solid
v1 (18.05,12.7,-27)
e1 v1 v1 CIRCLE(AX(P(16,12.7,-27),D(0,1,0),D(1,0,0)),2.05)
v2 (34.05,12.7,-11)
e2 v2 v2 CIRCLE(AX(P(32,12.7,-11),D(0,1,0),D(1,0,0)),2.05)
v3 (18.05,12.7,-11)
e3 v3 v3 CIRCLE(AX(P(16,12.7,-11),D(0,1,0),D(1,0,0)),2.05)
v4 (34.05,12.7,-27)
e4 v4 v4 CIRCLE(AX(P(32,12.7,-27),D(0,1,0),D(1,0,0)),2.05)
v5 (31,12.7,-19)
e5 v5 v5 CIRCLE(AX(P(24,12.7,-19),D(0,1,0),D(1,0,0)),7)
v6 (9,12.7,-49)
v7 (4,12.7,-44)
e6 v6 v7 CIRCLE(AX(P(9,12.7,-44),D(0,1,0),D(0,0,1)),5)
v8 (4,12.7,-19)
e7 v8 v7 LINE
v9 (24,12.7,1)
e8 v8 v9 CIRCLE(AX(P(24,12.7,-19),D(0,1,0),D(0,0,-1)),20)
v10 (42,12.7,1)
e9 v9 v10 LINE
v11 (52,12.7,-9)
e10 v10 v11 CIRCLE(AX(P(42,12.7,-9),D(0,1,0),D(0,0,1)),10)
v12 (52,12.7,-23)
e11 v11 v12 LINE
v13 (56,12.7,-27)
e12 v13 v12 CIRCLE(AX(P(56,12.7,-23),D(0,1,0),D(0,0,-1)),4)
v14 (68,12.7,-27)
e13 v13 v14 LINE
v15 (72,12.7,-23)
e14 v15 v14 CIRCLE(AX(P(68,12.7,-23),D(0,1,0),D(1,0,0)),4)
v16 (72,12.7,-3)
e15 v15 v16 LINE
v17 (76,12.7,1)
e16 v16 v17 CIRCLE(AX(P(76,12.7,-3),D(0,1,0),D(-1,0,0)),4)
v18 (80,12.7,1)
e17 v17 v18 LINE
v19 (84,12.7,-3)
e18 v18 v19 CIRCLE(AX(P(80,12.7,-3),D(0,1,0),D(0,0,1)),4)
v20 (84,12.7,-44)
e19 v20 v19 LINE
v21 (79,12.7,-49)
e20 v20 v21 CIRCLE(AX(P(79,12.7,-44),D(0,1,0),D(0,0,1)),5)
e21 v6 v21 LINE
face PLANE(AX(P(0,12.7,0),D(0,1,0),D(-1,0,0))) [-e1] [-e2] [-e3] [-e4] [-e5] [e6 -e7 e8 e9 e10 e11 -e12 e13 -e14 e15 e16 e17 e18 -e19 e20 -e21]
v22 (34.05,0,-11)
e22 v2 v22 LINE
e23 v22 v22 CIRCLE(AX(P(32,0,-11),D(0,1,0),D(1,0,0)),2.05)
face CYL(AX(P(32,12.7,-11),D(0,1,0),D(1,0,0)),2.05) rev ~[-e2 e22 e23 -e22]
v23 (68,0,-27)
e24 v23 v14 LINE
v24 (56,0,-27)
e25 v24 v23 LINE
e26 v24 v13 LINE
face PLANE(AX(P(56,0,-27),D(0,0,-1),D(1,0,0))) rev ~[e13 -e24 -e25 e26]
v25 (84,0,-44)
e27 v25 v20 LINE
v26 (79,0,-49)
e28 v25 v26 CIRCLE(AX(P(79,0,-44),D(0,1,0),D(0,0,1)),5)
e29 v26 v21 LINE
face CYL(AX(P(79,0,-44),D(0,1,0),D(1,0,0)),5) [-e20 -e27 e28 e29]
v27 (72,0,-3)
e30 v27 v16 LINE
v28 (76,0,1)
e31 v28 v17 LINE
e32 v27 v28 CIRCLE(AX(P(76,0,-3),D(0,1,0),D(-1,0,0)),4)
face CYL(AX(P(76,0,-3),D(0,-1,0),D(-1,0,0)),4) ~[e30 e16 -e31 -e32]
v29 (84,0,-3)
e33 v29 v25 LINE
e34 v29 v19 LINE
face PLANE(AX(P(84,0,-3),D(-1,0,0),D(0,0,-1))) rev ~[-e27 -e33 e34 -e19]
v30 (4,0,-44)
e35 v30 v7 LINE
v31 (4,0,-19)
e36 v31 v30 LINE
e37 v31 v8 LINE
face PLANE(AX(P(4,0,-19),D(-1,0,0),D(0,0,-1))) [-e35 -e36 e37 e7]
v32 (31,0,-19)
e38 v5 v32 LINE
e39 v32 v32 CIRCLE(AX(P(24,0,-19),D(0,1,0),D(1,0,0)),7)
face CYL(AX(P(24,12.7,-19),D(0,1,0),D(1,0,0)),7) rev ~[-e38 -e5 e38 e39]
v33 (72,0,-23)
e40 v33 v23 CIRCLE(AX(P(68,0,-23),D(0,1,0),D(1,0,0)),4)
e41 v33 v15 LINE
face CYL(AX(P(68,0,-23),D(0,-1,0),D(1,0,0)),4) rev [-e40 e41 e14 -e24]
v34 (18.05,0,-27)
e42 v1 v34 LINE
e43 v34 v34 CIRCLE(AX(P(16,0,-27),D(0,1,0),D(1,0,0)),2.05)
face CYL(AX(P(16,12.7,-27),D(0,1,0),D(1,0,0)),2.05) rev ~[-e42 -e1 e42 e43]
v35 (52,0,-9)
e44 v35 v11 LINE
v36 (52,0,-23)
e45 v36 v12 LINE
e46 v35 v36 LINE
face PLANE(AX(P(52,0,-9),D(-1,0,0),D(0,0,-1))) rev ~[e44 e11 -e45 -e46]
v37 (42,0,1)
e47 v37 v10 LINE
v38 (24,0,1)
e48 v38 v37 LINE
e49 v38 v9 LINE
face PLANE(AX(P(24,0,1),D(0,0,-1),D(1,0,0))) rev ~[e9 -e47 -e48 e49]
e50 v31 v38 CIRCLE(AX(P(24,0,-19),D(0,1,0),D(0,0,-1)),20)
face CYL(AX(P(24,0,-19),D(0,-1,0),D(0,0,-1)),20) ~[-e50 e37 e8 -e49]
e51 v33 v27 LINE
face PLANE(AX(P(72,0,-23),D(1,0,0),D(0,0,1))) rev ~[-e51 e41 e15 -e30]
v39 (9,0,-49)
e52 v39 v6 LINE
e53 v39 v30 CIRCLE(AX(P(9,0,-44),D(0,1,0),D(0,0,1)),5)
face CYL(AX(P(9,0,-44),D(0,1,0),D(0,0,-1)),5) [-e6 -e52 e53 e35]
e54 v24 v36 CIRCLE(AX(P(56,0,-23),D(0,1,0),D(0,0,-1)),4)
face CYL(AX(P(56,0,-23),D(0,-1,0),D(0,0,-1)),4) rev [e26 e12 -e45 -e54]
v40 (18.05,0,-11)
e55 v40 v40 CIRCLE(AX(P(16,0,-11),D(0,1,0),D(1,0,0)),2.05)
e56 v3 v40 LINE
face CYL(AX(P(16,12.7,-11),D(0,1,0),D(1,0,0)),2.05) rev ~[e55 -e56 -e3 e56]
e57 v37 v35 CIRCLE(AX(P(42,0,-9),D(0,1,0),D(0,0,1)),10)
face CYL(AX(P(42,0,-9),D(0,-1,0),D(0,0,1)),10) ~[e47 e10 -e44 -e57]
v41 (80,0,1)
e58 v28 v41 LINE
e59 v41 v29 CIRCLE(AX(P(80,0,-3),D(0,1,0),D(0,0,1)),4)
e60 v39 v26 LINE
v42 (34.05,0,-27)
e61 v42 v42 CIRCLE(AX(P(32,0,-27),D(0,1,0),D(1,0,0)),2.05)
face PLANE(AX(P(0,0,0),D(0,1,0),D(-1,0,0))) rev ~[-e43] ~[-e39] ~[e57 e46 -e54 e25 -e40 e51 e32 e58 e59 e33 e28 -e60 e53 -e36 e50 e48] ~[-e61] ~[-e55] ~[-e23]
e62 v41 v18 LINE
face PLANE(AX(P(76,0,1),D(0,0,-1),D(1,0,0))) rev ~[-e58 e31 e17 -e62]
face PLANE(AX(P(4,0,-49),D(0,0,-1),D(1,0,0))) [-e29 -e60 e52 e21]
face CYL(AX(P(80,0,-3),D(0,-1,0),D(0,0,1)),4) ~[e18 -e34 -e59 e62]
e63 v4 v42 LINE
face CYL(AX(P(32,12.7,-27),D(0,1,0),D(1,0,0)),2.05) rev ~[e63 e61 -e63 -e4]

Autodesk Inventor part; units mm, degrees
ref_plane "YZ Plane" through (0, 0, 0) normal (1, 0, 0) x (0, 1, 0)
ref_plane "XZ Plane" through (0, 0, 0) normal (0, 1, 0) x (-1, 0, 0)
ref_plane "XY Plane" through (0, 0, 0) normal (0, 0, 1) x (1, 0, 0)
sketch "Sketch1" plane through (0, 0, 0) normal (0, 1, 0) x (-1, 0, 0)
  line L0 (-84, -3) -> (-84, -35)
  line L1 (-80, -39) -> (-24, -39)
  line L2 (-52, -9) -> (-52, -23)
  line L3 (-56, -27) -> (-68, -27)
  line L4 (-72, -23) -> (-72, -3)
  line L5 (-24, 1) -> (-42, 1)
  line L6 (-76, 1) -> (-80, 1)
  arc A0 (-80, 1) -> (-84, -3) centre (-80, -3) ccw
  arc A1 (-72, -3) -> (-76, 1) centre (-76, -3) ccw
  arc A2 (-84, -35) -> (-80, -39) centre (-80, -35) ccw
  arc A3 (-72, -23) -> (-68, -27) centre (-68, -23) ccw
  arc A4 (-56, -27) -> (-52, -23) centre (-56, -23) ccw
  arc A5 (-24, -39) -> (-24, 1) centre (-24, -19) ccw
  arc A6 (-42, 1) -> (-52, -9) centre (-42, -9) ccw
  line L7 (-4, -19) -> (-4, -49)
  line L8 (-4, -49) -> (-84, -49)
  line L9 (-84, -49) -> (-84, -35)
  point P0 (-84, -39)
  point P1 (-52, -27)
  point P2 (-52, 1)
  point P3 (-72, -27)
  dimension "d2" = 20
  dimension "d4" = 12
  dimension "d6" = 40
  dimension "d9" = 40
  dimension "d24" = 4
  dimension "d25" = 10
  dimension "d26" = 28
  dimension "d27" = 12
  dimension "d32" = 30
extrude "Extrusion1" add sketch "Sketch1" along normal blind 12.7
sketch "Sketch2" plane through (0, 12.7, 0) normal (0, 1, 0) x (1, 0, 0)
  circle A0 centre (24, 19) radius 7
  arc A1 (4, 19) -> (24, -1) centre (24, 19) ccw projected
  circle A2 centre (32, 27) radius 2.05
  circle A3 centre (16, 27) radius 2.05
  circle A4 centre (16, 11) radius 2.05
  circle A5 centre (32, 11) radius 2.05
  point P0 (0, 0)
  point P1 (24, 39)
  dimension "d13" = 14
  dimension "d14" = 4.1
  dimension "d15" = 4.1
  dimension "d16" = 4.1
  dimension "d17" = 4.1
  dimension "d18" = 16
  dimension "d19" = 16
  dimension "d20" = 8
  dimension "d21" = 8
extrude "Extrusion2" cut sketch "Sketch2" against normal through all
fillet "Fillet1" radius 5 2 edges at (84, 6.35, -49) (4, 6.35, -49)
properties part number "platform hook"
